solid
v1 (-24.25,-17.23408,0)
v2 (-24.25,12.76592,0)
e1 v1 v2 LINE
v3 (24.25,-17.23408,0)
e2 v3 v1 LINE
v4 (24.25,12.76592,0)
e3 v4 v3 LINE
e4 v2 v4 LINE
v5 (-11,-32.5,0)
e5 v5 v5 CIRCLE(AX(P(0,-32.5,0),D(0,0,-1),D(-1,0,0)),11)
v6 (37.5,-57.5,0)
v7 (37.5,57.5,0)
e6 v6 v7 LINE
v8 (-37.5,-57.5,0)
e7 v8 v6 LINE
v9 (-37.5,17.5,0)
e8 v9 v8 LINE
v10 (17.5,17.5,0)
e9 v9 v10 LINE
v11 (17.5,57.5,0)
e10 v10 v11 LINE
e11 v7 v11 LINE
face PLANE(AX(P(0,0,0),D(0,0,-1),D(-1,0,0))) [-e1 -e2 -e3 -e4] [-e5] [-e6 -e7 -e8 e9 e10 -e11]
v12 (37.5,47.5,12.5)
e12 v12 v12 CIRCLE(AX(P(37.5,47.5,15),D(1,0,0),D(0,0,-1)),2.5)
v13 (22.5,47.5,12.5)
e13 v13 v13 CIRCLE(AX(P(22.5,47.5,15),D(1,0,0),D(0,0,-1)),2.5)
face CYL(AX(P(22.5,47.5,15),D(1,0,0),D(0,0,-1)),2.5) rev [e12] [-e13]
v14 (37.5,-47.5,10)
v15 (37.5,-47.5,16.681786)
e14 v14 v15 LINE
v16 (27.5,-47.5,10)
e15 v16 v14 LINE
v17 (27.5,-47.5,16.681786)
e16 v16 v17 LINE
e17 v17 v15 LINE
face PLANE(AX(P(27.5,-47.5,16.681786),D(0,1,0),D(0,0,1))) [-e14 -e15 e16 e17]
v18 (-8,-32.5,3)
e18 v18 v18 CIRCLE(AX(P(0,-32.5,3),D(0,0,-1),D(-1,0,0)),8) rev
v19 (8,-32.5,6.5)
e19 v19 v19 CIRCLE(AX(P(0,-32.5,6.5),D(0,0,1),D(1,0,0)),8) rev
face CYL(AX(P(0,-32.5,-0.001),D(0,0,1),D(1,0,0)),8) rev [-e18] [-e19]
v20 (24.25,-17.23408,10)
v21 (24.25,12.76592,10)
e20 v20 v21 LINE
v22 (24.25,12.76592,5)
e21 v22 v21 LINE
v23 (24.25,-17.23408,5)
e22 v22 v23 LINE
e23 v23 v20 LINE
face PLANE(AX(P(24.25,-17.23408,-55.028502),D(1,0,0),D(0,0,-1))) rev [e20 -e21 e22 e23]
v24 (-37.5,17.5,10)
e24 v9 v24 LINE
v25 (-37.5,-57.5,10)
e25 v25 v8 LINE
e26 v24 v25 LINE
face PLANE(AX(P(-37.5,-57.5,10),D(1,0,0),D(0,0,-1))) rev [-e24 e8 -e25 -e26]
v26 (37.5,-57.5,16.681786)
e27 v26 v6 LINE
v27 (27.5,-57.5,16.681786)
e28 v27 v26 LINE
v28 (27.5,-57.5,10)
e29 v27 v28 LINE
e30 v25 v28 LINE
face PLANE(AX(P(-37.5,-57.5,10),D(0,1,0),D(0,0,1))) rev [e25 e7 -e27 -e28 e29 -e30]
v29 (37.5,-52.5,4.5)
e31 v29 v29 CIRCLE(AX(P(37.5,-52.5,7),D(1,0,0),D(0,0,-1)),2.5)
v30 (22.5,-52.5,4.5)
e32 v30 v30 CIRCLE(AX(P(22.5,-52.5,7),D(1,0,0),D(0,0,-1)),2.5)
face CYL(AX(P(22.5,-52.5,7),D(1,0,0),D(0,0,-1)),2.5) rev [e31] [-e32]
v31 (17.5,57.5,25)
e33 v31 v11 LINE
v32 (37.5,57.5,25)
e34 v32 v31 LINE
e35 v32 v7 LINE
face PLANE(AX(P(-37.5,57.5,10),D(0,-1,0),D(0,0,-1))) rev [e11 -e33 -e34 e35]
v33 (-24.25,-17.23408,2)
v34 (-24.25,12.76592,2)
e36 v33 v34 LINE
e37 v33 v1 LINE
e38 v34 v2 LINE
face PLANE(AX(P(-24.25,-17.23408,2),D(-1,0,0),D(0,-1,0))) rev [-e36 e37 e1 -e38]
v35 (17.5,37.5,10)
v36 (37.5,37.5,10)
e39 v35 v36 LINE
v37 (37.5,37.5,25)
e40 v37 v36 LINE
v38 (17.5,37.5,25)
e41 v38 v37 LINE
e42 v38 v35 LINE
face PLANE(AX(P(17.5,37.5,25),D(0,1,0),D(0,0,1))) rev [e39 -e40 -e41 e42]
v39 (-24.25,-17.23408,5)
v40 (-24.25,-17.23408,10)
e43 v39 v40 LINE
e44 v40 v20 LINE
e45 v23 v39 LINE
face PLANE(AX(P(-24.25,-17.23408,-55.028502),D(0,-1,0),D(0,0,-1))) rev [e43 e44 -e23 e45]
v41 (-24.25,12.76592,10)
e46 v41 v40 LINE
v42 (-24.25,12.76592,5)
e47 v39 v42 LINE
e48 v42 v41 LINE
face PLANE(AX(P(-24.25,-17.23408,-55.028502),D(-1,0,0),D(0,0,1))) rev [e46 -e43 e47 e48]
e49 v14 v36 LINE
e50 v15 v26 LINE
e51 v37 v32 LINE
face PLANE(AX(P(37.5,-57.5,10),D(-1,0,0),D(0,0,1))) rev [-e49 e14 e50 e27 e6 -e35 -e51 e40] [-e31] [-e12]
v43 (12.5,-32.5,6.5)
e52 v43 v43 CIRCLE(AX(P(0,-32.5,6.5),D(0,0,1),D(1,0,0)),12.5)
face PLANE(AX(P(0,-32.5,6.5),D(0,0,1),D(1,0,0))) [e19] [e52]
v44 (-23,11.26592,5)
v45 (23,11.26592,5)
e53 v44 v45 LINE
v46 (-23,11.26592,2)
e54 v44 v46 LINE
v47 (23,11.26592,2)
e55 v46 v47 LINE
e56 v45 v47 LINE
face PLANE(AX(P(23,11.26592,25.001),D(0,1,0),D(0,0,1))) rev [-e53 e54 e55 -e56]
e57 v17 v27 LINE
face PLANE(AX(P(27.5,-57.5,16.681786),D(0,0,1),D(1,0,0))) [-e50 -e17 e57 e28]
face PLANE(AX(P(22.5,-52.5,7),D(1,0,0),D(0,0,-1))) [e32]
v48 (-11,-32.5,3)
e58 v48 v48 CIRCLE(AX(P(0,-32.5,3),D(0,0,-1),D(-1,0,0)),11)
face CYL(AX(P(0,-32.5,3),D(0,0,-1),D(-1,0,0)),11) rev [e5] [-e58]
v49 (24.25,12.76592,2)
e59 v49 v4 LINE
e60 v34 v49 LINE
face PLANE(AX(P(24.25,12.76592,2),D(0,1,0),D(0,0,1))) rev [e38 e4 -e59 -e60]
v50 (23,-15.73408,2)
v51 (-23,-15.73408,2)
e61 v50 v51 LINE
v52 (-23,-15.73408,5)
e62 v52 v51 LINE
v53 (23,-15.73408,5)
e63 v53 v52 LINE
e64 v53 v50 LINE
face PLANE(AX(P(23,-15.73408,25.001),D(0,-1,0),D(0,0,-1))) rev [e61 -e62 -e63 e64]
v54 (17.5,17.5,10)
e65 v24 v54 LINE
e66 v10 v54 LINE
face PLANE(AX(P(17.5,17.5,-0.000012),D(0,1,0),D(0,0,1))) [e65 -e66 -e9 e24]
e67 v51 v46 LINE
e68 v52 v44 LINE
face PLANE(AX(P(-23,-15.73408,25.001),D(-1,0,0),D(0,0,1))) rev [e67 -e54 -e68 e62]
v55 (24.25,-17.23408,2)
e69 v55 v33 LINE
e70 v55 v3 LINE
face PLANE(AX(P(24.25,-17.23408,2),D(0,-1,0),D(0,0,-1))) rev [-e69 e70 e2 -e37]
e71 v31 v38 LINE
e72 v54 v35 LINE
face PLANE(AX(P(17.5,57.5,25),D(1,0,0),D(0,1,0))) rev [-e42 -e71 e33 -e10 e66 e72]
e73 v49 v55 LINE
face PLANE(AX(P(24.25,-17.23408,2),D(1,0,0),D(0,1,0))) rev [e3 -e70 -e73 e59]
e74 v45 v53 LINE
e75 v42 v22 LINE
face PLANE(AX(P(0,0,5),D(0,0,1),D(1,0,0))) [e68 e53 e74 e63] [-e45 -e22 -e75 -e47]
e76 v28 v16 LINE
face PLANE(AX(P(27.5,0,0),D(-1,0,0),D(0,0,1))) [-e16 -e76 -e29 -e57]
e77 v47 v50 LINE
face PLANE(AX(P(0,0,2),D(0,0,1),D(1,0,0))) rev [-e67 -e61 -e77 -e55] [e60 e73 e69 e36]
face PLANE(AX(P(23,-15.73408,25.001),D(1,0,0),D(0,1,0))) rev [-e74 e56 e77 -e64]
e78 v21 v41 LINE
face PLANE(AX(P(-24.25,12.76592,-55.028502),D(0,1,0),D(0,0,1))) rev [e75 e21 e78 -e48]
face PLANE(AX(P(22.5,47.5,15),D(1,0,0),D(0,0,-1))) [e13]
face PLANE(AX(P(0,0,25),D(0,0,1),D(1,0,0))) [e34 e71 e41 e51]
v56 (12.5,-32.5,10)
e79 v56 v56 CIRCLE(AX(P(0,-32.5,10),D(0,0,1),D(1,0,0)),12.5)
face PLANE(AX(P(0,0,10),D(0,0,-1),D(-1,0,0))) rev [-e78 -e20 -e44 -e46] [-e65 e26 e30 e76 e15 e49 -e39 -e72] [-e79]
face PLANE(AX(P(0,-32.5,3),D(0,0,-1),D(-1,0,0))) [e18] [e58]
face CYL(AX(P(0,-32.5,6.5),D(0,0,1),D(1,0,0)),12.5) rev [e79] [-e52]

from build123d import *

# Parameters (mm, degrees)
SKETCH_1_W                      = 75
SKETCH_1_H                      = 115
EXTRUDE_1_DEPTH                 = 10
CUT_EXTRUDE_1_REACH             = 71.372
SKETCH_2_R                      = 8
SKETCH_3_R                      = 12.5
CUT_EXTRUDE_2_DEPTH             = 3.5
SKETCH_4_R                      = 11
CUT_EXTRUDE_3_DEPTH             = 3
SKETCH_6_W                      = 20
SKETCH_6_H                      = 20
EXTRUDE_2_DEPTH                 = 15
SKETCH_7_W                      = 6.681785618
SKETCH_7_H                      = 10
EXTRUDE_3_DEPTH                 = 10
CUT_EXTRUDE_4_REACH             = 75.058
SKETCH_8_W                      = 55
SKETCH_8_H                      = 40
CUT_EXTRUDE_4_DIRECTION_2_DEPTH = 74.058195981
CUT_EXTRUDE_5_REACH             = 75.058
SKETCH_9_W                      = 46
SKETCH_9_H                      = 27
SKETCH_10_W                     = 48.5
SKETCH_10_H                     = 30
CUT_EXTRUDE_6_DEPTH             = 2
SKETCH_11_W                     = 48.5
SKETCH_11_H                     = 30
CUT_EXTRUDE_7_DEPTH             = 5
SKETCH_12_R                     = 2.5
CUT_EXTRUDE_8_DEPTH             = 15


with BuildPart() as part:
    # 草图1 → 凸台-拉伸1 (new body)
    with BuildSketch(Plane.XY):
        Rectangle(SKETCH_1_W, SKETCH_1_H)
    extrude(amount=EXTRUDE_1_DEPTH)

    # 草图2 → 切除-拉伸1 (cut, up to next)
    with BuildSketch(Plane.XY.offset(10), mode=Mode.PRIVATE) as cut_extrude_1_sk1:
        with Locations((0, -32.5)):
            Circle(SKETCH_2_R)
    cut_extrude_1_tool1 = extrude(cut_extrude_1_sk1.sketch, amount=-CUT_EXTRUDE_1_REACH, mode=Mode.PRIVATE) & part.part
    add(cut_extrude_1_tool1.solids().sort_by_distance((0, -32.5, 10))[0], mode=Mode.SUBTRACT)

    # 草图3 → 切除-拉伸2 (cut)
    with BuildSketch(Plane.XY.offset(10)):
        with Locations((0, -32.5)):
            Circle(SKETCH_3_R)
    extrude(amount=-CUT_EXTRUDE_2_DEPTH, mode=Mode.SUBTRACT)

    # 草图4 → 切除-拉伸3 (cut)
    with BuildSketch(Plane(origin=(0, 0, 0), x_dir=(-1, 0, 0), z_dir=(0, 0, -1))):
        with Locations((0, -32.5)):
            Circle(SKETCH_4_R)
    extrude(amount=-CUT_EXTRUDE_3_DEPTH, mode=Mode.SUBTRACT)

    # 草图6 → 凸台-拉伸2 (add)
    with BuildSketch(Plane.XY.offset(10)):
        with Locations((27.5, 47.5)):
            Rectangle(SKETCH_6_W, SKETCH_6_H)
    extrude(amount=EXTRUDE_2_DEPTH)

    # 草图7 → 凸台-拉伸3 (add)
    with BuildSketch(Plane(origin=(37.5, 0, 0), x_dir=(0, 0, -1), z_dir=(1, 0, 0))):
        with Locations((-13.340892809, -52.5)):
            Rectangle(SKETCH_7_W, SKETCH_7_H)
    extrude(amount=-EXTRUDE_3_DEPTH)

    # 草图8 → 切除-拉伸4 (cut, up to next)
    with BuildSketch(Plane(origin=(0, 0, 0), x_dir=(-1, 0, 0), z_dir=(0, 0, -1)), mode=Mode.PRIVATE) as cut_extrude_4_sk1:
        with Locations((10, 37.5)):
            Rectangle(SKETCH_8_W, SKETCH_8_H)
    cut_extrude_4_tool1 = extrude(cut_extrude_4_sk1.sketch, amount=-CUT_EXTRUDE_4_REACH, mode=Mode.PRIVATE) & part.part
    add(cut_extrude_4_tool1.solids().sort_by_distance((-10, 37.5, 0))[0], mode=Mode.SUBTRACT)

    # 草图8 → 切除-拉伸4 direction 2 (cut)
    with BuildSketch(Plane(origin=(0, 0, 0), x_dir=(-1, 0, 0), z_dir=(0, 0, -1))):
        with Locations((10, 37.5)):
            Rectangle(SKETCH_8_W, SKETCH_8_H)
    extrude(amount=CUT_EXTRUDE_4_DIRECTION_2_DEPTH, mode=Mode.SUBTRACT)

    # 草图9 → 切除-拉伸5 (cut, up to next)
    with BuildSketch(Plane(origin=(0, 0, 0), x_dir=(-1, 0, 0), z_dir=(0, 0, -1)), mode=Mode.PRIVATE) as cut_extrude_5_sk1:
        with Locations((0, -2.234079676)):
            Rectangle(SKETCH_9_W, SKETCH_9_H)
    cut_extrude_5_tool1 = extrude(cut_extrude_5_sk1.sketch, amount=-CUT_EXTRUDE_5_REACH, mode=Mode.PRIVATE) & part.part
    add(cut_extrude_5_tool1.solids().sort_by_distance((0, -2.23408, 0))[0], mode=Mode.SUBTRACT)

    # 草图10 → 切除-拉伸6 (cut)
    with BuildSketch(Plane(origin=(0, 0, 0), x_dir=(-1, 0, 0), z_dir=(0, 0, -1))):
        with Locations((0, -2.234079676)):
            Rectangle(SKETCH_10_W, SKETCH_10_H)
    extrude(amount=-CUT_EXTRUDE_6_DEPTH, mode=Mode.SUBTRACT)

    # 草图11 → 切除-拉伸7 (cut)
    with BuildSketch(Plane.XY.offset(10)):
        with Locations((0, -2.234079676)):
            Rectangle(SKETCH_11_W, SKETCH_11_H)
    extrude(amount=-CUT_EXTRUDE_7_DEPTH, mode=Mode.SUBTRACT)

    # 草图12 → 切除-拉伸8 (cut)
    with BuildSketch(Plane(origin=(37.5, 0, 0), x_dir=(0, 0, -1), z_dir=(1, 0, 0))):
        with Locations((-15, 47.5)):
            Circle(SKETCH_12_R)
        with Locations((-7, -52.5)):
            Circle(SKETCH_12_R)
    extrude(amount=-CUT_EXTRUDE_8_DEPTH, mode=Mode.SUBTRACT)


solid = part.part
